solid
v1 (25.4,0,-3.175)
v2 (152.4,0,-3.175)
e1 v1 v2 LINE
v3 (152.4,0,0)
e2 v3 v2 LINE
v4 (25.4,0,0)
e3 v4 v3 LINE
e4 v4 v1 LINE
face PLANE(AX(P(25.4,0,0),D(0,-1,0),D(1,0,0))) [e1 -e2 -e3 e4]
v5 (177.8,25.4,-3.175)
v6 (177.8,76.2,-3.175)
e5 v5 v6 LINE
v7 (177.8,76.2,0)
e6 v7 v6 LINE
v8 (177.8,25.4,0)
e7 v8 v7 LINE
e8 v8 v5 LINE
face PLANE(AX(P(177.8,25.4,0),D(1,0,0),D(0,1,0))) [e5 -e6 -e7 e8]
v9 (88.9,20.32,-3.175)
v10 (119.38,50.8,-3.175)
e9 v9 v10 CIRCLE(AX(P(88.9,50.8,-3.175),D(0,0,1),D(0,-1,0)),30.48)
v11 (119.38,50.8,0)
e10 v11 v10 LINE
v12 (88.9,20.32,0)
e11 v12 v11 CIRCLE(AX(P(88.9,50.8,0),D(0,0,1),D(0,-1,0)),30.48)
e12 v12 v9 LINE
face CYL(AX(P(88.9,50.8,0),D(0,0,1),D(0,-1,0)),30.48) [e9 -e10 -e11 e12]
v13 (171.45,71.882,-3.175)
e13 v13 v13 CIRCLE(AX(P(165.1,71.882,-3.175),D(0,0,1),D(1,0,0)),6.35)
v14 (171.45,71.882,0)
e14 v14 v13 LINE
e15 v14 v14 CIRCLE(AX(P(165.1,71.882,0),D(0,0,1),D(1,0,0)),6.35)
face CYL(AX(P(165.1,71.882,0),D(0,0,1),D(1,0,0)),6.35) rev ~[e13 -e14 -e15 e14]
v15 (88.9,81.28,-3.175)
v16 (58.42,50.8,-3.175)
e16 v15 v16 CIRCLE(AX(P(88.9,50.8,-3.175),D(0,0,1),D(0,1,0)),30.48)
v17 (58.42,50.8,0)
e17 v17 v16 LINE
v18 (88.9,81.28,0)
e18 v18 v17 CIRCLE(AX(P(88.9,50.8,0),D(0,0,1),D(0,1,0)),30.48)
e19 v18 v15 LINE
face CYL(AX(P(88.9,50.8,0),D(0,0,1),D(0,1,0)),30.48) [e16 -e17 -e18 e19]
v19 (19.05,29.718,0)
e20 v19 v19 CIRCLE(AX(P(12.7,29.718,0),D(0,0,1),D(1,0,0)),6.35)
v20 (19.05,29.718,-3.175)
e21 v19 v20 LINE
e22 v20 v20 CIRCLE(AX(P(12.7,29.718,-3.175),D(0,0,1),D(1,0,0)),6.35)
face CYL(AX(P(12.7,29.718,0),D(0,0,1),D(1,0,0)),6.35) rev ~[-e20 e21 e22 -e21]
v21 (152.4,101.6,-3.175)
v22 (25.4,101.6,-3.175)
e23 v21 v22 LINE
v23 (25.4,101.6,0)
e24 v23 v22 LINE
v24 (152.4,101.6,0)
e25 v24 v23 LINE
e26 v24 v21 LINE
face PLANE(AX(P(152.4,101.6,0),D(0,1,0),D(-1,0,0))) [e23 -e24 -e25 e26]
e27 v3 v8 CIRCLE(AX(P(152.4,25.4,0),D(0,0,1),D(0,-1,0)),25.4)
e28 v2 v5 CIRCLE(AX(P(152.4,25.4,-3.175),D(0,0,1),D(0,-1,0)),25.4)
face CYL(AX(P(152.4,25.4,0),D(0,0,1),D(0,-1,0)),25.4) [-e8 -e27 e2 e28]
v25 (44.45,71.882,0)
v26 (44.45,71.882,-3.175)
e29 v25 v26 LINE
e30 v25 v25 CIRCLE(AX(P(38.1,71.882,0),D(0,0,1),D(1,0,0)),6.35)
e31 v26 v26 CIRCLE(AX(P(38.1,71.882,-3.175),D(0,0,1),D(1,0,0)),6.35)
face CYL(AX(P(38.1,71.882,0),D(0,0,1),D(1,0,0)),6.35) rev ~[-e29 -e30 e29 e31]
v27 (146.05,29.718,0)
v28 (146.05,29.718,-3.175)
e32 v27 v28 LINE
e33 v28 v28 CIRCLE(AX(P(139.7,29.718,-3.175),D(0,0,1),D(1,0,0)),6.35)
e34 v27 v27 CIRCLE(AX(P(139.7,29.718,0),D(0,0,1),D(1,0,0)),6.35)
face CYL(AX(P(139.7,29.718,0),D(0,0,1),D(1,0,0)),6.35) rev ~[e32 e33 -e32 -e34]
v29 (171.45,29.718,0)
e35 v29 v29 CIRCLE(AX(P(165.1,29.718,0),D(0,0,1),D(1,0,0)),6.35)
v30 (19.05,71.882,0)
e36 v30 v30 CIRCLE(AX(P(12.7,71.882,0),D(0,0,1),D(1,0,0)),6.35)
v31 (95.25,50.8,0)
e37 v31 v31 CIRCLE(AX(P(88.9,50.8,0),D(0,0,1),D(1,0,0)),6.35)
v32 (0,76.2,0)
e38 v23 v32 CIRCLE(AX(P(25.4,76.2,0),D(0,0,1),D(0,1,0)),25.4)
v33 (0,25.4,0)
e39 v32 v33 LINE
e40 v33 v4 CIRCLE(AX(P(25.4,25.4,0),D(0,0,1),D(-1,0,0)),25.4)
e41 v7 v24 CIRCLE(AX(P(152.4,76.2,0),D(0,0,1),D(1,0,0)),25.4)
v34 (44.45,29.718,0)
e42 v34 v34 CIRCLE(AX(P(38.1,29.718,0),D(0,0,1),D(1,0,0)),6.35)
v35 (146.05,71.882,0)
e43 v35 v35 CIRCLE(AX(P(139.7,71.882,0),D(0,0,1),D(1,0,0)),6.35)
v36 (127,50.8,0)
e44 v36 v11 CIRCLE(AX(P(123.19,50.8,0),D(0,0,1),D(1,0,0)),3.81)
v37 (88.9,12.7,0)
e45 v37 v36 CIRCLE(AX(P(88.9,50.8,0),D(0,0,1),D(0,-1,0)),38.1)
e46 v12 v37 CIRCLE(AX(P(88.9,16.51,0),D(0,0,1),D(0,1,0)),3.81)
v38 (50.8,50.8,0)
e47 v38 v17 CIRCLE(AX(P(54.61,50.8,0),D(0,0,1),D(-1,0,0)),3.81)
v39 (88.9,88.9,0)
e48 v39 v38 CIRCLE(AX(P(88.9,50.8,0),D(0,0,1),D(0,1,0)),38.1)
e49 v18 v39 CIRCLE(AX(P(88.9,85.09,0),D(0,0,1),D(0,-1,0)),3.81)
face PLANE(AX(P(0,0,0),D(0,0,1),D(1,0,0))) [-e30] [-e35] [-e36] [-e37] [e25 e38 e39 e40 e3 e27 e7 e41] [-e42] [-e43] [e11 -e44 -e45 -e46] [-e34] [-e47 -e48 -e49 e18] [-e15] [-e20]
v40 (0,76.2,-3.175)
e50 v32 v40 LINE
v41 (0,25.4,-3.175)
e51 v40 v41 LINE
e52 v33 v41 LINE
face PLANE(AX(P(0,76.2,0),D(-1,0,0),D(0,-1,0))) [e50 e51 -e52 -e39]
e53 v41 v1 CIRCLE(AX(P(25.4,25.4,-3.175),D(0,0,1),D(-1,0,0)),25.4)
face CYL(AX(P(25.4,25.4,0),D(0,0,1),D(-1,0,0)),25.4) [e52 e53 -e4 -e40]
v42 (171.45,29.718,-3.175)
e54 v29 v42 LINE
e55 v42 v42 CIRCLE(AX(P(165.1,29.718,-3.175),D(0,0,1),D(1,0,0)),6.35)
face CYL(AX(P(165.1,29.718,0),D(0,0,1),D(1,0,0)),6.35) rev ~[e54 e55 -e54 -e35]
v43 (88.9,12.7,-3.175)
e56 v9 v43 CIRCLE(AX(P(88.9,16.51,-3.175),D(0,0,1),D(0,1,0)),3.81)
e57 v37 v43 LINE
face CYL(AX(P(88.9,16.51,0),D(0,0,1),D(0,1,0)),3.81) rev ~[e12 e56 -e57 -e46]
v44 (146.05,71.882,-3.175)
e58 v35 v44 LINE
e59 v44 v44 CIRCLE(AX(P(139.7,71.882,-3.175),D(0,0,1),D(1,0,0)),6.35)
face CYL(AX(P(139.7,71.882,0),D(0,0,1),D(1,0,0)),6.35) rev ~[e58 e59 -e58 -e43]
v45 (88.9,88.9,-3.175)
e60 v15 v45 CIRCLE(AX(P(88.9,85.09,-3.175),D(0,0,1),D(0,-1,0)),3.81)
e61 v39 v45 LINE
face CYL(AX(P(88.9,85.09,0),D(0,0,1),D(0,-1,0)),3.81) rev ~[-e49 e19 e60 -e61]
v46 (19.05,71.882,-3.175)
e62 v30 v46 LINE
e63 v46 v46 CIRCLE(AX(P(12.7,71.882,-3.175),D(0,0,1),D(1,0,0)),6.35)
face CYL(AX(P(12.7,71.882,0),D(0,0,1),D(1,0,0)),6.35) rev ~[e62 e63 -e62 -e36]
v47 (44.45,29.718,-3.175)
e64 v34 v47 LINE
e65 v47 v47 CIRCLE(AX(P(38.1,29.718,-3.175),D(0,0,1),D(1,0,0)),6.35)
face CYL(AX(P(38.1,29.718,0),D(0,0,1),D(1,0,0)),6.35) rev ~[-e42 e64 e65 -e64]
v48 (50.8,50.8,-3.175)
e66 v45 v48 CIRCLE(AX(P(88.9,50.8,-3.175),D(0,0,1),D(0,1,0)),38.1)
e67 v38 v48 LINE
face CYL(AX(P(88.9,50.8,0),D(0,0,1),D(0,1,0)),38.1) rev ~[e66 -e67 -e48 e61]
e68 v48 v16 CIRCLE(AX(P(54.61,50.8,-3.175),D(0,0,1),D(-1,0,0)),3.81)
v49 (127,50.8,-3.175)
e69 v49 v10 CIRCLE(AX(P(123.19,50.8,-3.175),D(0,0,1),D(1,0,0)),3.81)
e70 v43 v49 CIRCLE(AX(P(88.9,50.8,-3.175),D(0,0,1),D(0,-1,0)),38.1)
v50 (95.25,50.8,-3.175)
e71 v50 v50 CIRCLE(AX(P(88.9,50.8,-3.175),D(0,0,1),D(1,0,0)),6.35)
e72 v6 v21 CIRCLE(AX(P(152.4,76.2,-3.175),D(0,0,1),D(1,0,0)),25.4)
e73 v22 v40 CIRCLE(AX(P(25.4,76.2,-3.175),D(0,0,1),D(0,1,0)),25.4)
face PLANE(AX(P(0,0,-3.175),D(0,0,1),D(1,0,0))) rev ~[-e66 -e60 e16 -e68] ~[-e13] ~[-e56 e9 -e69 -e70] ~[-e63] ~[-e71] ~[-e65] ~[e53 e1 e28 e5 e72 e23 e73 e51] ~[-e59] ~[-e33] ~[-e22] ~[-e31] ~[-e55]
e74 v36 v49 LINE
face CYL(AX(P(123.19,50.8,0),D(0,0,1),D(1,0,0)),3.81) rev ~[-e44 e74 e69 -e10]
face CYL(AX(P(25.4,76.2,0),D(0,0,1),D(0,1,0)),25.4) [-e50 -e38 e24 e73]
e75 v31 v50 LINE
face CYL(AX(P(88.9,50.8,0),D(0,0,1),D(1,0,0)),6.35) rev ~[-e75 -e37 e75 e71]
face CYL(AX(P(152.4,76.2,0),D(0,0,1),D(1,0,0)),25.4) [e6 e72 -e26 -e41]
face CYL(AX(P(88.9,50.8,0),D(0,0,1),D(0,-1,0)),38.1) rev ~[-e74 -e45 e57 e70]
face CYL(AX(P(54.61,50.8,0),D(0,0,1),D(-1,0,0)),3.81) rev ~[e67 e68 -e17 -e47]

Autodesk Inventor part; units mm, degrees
ref_plane "YZ Plane" through (0, 0, 0) normal (1, 0, 0) x (0, 1, 0)
ref_plane "XZ Plane" through (0, 0, 0) normal (0, 1, 0) x (-1, 0, 0)
sketch "Sketch3" plane through (0, 0, 0) normal (0, 0, 1) x (1, 0, 0)
  line L0 (0, 0) -> (177.8, 0)
  line L1 (177.8, 0) -> (177.8, 101.6)
  line L2 (177.8, 101.6) -> (0, 101.6)
  line L3 (0, 101.6) -> (0, 0)
  arc A0 (25.4, 101.6) -> (0, 76.2) centre (25.4, 76.2) ccw
  arc A1 (177.8, 76.2) -> (152.4, 101.6) centre (152.4, 76.2) ccw
  arc A2 (152.4, 0) -> (177.8, 25.4) centre (152.4, 25.4) ccw
  arc A3 (0, 25.4) -> (25.4, 0) centre (25.4, 25.4) ccw
  circle A4 centre (88.9, 50.8) radius 6.35
  arc A5 (88.9, 85.09) -> (54.61, 50.8) centre (88.9, 50.8) ccw construction
  arc A6 (88.9, 88.9) -> (50.8, 50.8) centre (88.9, 50.8) ccw
  arc A7 (88.9, 81.28) -> (58.42, 50.8) centre (88.9, 50.8) ccw
  arc A8 (88.9, 81.28) -> (88.9, 88.9) centre (88.9, 85.09) ccw
  arc A9 (50.8, 50.8) -> (58.42, 50.8) centre (54.61, 50.8) ccw
  line L4 (88.9, 50.8) -> (54.61, 50.8) construction
  line L5 (88.9, 50.8) -> (88.9, 85.09) construction
  arc A10 (88.9, 20.32) -> (119.38, 50.8) centre (88.9, 50.8) ccw
  line L6 (88.9, 50.8) -> (123.19, 50.8) construction
  arc A11 (88.9, 16.51) -> (123.19, 50.8) centre (88.9, 50.8) ccw construction
  arc A12 (127, 50.8) -> (119.38, 50.8) centre (123.19, 50.8) ccw
  arc A13 (88.9, 12.7) -> (127, 50.8) centre (88.9, 50.8) ccw
  arc A14 (88.9, 20.32) -> (88.9, 12.7) centre (88.9, 16.51) ccw
  dimension "d20" = 177.8
  dimension "d21" = 101.6
  dimension "d22" = 50.8
  dimension "d23" = 50.8
  dimension "d24" = 50.8
  dimension "d25" = 50.8
  dimension "d26" = 12.7
  dimension "d27" = 50.8
  dimension "d28" = 88.9
  dimension "d29" = 34.29
  dimension "d30" = 90
  dimension "d31" = 7.62
  dimension "d34" = 360
extrude "Extrusion3" add sketch "Sketch3" against normal blind 3.175 contours A3 L3 A0 L2 A1 L1 A2 L0
ref_plane "Work Plane1" through (25.4, 50.8, 0) normal (0, 1, 0) x (1, 0, 0)
sketch "Sketch4" plane through (0, 0, 0) normal (0, 0, 1) x (1, 0, 0)
  line L0 (0, 76.2) -> (0, 25.4) projected
  line L1 (0, 50.8) -> (177.8, 50.8)
  line L2 (177.8, 76.2) -> (177.8, 25.4) projected
  line L3 (152.4, 101.6) -> (25.4, 101.6) projected
  line L4 (88.9, 101.6) -> (88.9, 0)
  circle A0 centre (12.7, 71.882) radius 6.35
  circle A1 centre (38.1, 71.882) radius 6.35
  line L5 (0, 25.4) -> (0, 76.2)
  circle A2 centre (12.7, 29.718) radius 6.35
  circle A3 centre (38.1, 29.718) radius 6.35
  circle A4 centre (165.1, 71.882) radius 6.35
  circle A5 centre (139.7, 71.882) radius 6.35
  circle A6 centre (165.1, 29.718) radius 6.35
  circle A7 centre (139.7, 29.718) radius 6.35
  point P0 (0, 0)
  dimension "d39" = 12.7
  dimension "d40" = 12.7
  dimension "d41" = 25.4
  dimension "d42" = 12.7
  dimension "d43" = 21.082
extrude "Extrusion4" cut sketch "Sketch4" against normal blind 25.4
properties part number "Plate"
